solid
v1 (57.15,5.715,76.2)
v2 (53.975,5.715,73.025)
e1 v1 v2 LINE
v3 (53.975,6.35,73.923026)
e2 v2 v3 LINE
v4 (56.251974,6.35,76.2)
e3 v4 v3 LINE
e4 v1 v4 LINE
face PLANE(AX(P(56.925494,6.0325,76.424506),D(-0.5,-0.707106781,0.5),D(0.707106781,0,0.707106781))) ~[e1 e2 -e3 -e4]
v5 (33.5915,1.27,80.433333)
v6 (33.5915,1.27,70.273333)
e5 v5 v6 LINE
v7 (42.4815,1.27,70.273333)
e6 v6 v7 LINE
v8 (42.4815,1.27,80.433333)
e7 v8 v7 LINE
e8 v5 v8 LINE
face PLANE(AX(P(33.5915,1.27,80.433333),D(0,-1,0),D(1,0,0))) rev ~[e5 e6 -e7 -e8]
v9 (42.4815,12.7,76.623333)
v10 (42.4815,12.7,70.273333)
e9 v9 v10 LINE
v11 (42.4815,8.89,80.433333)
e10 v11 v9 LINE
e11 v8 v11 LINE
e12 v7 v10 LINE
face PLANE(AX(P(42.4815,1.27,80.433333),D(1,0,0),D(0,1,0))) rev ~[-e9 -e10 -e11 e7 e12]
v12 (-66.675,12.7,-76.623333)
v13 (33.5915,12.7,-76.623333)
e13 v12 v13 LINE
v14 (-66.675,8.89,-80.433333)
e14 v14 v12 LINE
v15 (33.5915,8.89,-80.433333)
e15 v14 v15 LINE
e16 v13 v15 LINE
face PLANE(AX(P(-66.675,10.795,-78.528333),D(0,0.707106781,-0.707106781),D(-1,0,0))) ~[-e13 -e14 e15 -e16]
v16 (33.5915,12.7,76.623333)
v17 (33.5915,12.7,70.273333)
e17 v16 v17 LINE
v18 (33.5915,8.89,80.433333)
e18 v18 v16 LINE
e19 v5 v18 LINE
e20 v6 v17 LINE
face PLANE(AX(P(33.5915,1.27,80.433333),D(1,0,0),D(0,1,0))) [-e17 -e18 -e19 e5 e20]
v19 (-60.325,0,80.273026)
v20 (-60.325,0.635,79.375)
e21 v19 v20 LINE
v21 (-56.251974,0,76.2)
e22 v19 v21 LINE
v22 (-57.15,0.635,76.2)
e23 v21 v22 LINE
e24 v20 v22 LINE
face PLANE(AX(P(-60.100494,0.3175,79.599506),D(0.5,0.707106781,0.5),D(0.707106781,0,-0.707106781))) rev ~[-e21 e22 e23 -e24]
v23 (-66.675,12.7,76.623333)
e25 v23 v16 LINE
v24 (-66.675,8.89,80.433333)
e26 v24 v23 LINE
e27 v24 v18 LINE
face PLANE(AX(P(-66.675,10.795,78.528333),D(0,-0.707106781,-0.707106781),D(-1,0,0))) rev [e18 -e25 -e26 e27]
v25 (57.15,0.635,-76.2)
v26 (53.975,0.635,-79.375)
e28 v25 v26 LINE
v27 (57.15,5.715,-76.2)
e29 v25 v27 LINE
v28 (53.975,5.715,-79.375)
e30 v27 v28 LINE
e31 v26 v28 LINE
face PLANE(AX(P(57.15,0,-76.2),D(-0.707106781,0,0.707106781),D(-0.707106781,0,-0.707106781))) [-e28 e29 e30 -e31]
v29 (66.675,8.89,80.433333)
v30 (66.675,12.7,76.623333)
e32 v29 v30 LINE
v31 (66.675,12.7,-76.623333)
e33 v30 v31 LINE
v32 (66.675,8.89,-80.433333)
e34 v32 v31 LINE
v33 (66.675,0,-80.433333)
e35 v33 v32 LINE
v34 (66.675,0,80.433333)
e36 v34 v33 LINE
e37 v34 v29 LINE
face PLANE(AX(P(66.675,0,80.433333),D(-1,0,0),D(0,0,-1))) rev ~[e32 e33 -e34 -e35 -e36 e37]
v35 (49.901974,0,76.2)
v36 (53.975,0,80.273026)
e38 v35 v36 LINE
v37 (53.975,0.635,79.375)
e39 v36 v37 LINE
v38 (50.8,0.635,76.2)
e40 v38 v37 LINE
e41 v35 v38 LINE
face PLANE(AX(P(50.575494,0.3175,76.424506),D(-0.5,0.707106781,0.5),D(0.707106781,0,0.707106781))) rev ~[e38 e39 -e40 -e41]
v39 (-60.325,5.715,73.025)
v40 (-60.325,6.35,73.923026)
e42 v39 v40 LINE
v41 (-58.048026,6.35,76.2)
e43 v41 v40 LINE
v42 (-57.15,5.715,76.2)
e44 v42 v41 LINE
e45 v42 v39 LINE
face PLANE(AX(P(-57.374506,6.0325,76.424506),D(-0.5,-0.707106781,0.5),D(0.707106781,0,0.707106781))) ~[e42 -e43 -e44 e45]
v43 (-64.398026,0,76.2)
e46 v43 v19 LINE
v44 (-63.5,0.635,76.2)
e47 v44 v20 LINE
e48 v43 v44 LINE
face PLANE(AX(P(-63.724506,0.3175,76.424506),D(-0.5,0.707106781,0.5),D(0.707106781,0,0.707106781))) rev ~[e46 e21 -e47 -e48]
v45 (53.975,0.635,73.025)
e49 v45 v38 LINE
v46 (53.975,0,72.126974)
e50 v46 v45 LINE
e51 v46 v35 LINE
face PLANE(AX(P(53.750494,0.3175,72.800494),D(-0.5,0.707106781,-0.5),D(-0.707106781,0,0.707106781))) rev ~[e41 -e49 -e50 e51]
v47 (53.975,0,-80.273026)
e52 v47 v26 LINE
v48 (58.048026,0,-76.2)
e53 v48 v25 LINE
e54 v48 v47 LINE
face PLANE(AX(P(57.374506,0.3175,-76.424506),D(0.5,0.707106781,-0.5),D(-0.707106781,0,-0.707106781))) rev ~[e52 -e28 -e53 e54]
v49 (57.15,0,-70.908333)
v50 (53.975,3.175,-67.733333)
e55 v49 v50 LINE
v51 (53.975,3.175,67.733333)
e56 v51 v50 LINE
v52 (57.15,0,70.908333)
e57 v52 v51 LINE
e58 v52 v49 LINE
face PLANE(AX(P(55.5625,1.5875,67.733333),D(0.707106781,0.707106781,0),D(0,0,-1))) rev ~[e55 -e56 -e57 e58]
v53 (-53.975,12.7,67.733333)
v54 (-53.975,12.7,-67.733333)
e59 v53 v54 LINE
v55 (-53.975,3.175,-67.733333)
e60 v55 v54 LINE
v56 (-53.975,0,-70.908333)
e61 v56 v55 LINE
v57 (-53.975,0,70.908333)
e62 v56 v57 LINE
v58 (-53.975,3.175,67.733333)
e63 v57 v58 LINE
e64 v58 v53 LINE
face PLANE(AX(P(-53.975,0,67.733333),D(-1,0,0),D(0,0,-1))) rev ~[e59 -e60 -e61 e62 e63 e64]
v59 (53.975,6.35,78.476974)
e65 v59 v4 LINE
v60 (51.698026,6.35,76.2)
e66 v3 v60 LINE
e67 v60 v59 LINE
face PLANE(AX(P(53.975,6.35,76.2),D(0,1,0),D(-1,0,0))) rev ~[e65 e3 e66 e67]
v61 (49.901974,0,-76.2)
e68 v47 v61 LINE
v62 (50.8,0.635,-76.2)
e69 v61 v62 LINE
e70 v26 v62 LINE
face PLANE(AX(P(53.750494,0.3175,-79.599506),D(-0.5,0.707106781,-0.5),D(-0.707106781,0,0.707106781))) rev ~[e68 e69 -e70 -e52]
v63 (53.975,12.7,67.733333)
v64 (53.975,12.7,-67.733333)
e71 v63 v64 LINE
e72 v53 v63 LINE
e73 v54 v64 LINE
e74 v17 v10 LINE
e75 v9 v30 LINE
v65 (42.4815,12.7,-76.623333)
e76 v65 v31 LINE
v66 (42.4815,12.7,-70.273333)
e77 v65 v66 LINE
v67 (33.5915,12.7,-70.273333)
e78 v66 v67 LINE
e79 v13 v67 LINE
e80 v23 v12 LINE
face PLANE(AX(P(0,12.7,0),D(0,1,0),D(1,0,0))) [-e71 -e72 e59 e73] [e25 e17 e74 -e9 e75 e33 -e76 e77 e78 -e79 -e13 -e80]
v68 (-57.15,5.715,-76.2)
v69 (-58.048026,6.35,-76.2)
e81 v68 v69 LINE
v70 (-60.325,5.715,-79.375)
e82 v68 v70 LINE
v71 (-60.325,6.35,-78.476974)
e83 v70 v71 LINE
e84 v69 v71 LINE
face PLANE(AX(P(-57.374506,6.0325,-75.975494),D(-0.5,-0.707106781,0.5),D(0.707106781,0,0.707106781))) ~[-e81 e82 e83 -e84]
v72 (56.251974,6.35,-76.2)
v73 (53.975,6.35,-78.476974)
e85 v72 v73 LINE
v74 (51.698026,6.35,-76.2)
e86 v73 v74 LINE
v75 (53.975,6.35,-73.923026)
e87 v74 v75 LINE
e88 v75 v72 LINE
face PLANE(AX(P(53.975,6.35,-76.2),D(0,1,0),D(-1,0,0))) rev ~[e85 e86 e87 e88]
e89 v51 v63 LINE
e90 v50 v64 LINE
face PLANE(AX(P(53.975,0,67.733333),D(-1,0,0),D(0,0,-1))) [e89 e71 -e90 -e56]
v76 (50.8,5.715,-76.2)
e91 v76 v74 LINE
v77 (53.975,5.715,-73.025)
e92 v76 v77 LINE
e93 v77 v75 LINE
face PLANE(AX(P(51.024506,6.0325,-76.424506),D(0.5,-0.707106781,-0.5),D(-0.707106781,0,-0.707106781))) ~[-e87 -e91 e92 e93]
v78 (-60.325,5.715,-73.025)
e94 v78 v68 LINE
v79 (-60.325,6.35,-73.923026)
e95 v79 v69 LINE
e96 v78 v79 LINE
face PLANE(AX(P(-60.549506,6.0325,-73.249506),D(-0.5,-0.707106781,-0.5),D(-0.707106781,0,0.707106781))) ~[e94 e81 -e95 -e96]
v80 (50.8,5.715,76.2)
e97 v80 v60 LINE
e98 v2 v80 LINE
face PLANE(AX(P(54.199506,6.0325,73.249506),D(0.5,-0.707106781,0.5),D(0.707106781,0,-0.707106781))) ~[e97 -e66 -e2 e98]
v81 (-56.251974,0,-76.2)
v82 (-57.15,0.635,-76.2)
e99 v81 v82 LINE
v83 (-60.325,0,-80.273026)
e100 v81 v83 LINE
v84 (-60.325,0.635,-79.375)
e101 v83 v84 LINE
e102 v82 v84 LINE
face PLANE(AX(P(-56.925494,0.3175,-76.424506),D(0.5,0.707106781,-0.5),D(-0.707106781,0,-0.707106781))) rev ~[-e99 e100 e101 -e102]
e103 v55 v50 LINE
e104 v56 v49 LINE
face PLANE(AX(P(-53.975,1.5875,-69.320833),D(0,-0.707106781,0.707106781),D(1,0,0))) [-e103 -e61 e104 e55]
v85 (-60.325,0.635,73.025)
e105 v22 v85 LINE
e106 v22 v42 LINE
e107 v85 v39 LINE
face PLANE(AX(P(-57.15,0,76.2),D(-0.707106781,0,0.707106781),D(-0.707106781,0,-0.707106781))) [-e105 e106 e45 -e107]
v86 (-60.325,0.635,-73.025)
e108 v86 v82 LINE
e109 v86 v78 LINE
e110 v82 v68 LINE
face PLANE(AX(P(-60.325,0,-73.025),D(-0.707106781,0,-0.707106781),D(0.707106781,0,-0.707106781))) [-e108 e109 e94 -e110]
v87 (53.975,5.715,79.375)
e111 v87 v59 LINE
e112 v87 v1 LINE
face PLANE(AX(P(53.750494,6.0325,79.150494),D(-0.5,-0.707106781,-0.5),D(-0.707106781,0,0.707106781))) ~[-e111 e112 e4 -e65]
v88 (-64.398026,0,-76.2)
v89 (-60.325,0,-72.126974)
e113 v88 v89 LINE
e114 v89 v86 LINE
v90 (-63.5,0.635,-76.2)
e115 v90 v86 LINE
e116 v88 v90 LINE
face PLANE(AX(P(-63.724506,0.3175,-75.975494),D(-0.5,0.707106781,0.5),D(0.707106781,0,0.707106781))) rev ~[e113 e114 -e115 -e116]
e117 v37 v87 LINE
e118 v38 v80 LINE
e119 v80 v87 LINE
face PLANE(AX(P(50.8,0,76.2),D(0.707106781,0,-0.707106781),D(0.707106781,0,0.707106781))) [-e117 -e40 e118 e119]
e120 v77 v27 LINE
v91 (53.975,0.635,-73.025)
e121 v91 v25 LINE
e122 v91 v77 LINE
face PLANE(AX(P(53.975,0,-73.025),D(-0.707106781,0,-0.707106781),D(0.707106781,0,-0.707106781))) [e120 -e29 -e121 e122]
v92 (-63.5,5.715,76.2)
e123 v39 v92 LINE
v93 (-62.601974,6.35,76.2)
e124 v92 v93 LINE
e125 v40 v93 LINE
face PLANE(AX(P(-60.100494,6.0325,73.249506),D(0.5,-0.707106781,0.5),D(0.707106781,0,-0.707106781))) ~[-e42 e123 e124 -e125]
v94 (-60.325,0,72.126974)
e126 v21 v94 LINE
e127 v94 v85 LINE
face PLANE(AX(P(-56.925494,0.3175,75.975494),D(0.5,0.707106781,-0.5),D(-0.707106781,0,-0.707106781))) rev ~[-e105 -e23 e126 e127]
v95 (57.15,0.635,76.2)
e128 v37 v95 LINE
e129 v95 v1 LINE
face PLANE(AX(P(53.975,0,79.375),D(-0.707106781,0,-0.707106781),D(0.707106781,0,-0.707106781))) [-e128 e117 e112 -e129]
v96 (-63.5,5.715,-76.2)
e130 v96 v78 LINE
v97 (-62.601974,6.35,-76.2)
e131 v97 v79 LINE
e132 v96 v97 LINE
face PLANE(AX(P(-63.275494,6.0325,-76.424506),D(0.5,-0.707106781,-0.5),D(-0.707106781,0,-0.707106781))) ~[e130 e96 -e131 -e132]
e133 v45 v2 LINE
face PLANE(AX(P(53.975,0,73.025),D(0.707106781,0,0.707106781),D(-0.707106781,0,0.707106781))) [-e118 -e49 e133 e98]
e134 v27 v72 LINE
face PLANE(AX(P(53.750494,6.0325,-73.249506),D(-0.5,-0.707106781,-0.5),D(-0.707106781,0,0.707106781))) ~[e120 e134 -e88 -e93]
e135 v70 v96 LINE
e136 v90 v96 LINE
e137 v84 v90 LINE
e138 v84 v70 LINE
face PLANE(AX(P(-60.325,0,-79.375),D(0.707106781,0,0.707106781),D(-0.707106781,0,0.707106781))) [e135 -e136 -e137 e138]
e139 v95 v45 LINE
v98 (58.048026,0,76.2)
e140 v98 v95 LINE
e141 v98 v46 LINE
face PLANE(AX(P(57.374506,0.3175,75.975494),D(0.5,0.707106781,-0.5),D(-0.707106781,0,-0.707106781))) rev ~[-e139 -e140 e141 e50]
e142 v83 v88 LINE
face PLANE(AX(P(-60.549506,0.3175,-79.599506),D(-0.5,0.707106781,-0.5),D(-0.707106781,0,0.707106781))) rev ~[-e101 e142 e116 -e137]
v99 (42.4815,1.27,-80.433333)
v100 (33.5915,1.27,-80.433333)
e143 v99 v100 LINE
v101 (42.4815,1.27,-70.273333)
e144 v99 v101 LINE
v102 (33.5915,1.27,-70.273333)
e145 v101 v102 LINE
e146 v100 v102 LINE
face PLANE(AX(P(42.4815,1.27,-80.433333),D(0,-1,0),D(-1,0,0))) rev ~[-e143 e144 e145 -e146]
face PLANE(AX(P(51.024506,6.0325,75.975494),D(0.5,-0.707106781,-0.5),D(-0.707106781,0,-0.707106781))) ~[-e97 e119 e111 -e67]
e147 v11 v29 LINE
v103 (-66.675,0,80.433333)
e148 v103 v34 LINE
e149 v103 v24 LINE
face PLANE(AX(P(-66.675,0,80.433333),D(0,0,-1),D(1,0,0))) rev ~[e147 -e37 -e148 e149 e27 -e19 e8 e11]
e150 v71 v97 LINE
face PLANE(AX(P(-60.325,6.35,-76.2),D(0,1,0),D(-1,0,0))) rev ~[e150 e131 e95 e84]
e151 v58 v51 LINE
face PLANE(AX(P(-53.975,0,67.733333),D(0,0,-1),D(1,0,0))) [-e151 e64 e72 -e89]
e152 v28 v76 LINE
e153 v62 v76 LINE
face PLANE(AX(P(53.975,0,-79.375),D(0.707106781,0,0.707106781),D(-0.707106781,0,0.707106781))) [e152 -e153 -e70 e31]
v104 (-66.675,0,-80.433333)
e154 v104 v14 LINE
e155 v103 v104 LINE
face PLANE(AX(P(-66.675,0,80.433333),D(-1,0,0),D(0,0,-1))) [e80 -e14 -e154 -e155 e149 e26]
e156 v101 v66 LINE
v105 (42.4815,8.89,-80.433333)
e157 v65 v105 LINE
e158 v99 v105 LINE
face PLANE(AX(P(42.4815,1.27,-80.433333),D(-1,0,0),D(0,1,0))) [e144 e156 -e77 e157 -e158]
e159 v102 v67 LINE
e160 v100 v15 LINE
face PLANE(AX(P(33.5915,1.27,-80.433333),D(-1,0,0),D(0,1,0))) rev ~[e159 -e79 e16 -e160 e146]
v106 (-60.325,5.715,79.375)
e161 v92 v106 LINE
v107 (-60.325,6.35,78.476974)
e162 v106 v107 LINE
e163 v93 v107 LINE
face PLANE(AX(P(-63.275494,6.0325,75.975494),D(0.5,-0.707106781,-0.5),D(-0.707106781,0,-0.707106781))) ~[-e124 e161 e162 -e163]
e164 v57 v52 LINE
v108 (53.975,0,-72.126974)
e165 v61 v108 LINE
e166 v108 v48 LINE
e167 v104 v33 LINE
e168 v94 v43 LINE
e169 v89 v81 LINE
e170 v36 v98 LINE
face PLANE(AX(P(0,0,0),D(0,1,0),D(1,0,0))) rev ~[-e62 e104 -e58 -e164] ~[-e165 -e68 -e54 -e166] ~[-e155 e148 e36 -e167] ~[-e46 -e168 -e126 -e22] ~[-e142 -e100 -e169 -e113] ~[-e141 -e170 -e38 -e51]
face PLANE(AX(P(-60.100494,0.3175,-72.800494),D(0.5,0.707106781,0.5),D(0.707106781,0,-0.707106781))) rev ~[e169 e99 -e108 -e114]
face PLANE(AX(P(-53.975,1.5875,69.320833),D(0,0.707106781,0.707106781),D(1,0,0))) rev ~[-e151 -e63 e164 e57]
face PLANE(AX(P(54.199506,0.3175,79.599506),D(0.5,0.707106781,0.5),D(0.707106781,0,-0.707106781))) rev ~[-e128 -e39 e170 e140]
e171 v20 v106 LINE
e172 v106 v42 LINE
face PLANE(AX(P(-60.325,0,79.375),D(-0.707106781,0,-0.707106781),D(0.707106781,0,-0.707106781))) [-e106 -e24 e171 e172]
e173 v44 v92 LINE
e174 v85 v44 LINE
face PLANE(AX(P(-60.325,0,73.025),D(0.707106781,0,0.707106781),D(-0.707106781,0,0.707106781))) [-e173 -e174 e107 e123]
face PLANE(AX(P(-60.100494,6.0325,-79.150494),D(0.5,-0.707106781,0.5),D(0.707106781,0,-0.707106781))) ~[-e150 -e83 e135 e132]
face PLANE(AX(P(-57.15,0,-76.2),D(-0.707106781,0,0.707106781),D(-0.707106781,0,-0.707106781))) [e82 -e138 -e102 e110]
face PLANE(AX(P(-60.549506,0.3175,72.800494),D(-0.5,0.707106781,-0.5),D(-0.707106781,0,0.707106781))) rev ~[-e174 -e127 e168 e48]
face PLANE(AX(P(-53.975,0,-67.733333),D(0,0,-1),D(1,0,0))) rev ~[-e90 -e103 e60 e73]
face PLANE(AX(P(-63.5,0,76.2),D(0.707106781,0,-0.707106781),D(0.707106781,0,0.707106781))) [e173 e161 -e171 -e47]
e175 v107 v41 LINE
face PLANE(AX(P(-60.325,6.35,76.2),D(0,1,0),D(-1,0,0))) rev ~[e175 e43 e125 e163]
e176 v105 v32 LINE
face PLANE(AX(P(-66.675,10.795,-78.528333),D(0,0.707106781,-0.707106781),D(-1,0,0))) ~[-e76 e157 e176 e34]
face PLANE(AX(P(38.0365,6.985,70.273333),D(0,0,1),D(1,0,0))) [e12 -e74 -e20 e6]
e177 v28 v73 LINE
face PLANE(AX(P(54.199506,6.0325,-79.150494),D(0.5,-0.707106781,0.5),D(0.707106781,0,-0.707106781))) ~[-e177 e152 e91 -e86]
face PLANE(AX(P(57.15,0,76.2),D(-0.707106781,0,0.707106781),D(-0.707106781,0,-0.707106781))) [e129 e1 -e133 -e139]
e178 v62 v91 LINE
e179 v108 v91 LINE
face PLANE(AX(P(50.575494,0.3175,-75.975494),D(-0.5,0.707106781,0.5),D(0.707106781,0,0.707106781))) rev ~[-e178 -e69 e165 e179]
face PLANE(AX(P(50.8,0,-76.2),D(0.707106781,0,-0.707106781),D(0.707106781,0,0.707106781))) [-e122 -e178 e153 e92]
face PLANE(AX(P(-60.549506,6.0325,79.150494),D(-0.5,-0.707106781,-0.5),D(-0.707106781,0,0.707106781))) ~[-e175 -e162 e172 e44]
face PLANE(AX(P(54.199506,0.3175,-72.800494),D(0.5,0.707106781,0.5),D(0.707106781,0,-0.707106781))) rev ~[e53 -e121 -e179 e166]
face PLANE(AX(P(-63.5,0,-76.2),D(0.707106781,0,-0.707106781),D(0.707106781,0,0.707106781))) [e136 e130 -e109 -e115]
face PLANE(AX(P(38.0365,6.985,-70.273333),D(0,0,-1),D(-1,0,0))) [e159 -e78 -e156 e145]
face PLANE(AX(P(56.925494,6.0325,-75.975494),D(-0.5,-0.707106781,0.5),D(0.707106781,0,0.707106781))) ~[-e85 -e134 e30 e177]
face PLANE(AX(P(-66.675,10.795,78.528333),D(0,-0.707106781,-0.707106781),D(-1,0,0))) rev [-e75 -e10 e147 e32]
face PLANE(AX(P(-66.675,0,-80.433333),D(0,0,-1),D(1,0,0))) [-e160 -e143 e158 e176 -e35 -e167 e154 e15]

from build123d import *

# Parameters (mm, degrees)
SKETCH2_W           = 133.35
SKETCH2_H           = 160.866666666
SKETCH2_W_2         = 107.95
SKETCH2_H_2         = 135.466666666
BOSS_EXTRUDE1_DEPTH = 12.7
CUT_EXTRUDE1_DEPTH  = 6.35
CHAMFER4_SIZE       = 3.81
CHAMFER1_SIZE       = 0.635
CHAMFER2_SIZE       = 3.175
SKETCH4_W           = 8.89
SKETCH4_H           = 11.43
CUT_EXTRUDE2_DEPTH  = 10.16
SKETCH5_W           = 8.89
SKETCH5_H           = 11.43
CUT_EXTRUDE3_DEPTH  = 10.16


with BuildPart() as part:
    # Sketch2 → Boss-Extrude1 (new body)
    with BuildSketch(Plane(origin=(0, 0, 0), x_dir=(1, 0, 0), z_dir=(0, 1, 0))):
        Rectangle(SKETCH2_W, SKETCH2_H)
        Rectangle(SKETCH2_W_2, SKETCH2_H_2, mode=Mode.SUBTRACT)
    extrude(amount=BOSS_EXTRUDE1_DEPTH)

    # Sketch3 → Cut-Extrude1 (cut)
    with BuildSketch(Plane.XZ):
        Polygon((-57.15, 76.2), (-60.325, 73.025), (-63.5, 76.2), (-60.325, 79.375), align=None)
        Polygon((57.15, 76.2), (53.975, 73.025), (50.8, 76.2), (53.975, 79.375), align=None)
        Polygon((57.15, -76.2), (53.975, -79.375), (50.8, -76.2), (53.975, -73.025), align=None)
        Polygon((-57.15, -76.2), (-60.325, -79.375), (-63.5, -76.2), (-60.325, -73.025), align=None)
    extrude(amount=-CUT_EXTRUDE1_DEPTH, mode=Mode.SUBTRACT)

    # Chamfer4
    chamfer4_edges = [part.edges().sort_by_distance(p)[0] for p in [
        (0, 12.7, -80.433333333),
        (0, 12.7, 80.433333333),
    ]]
    chamfer(chamfer4_edges, length=CHAMFER4_SIZE)

    # Chamfer1
    chamfer1_edges = [part.edges().sort_by_distance(p)[0] for p in [
        (-58.7375, 6.35, -74.6125),
        (-58.7375, 6.35, -77.7875),
        (-61.9125, 6.35, -77.7875),
        (-61.9125, 6.35, -74.6125),
        (-58.7375, 0, -74.6125),
        (-61.9125, 0, -74.6125),
        (-61.9125, 0, -77.7875),
        (-58.7375, 0, -77.7875),
        (55.5625, 6.35, -74.6125),
        (55.5625, 6.35, -77.7875),
        (52.3875, 6.35, -77.7875),
        (52.3875, 6.35, -74.6125),
        (55.5625, 0, -74.6125),
        (52.3875, 0, -74.6125),
        (52.3875, 0, -77.7875),
        (55.5625, 0, -77.7875),
        (55.5625, 6.35, 77.7875),
        (55.5625, 6.35, 74.6125),
        (52.3875, 6.35, 74.6125),
        (52.3875, 6.35, 77.7875),
        (55.5625, 0, 77.7875),
        (52.3875, 0, 77.7875),
        (52.3875, 0, 74.6125),
        (55.5625, 0, 74.6125),
        (-58.7375, 6.35, 77.7875),
        (-58.7375, 6.35, 74.6125),
        (-61.9125, 6.35, 74.6125),
        (-61.9125, 6.35, 77.7875),
        (-58.7375, 0, 77.7875),
        (-61.9125, 0, 77.7875),
        (-61.9125, 0, 74.6125),
        (-58.7375, 0, 74.6125),
    ]]
    chamfer(chamfer1_edges, length=CHAMFER1_SIZE)

    # Chamfer2
    chamfer2_edges = [part.edges().sort_by_distance(p)[0] for p in [
        (53.975, 0, 0),
        (0, 0, -67.733333333),
        (0, 0, 67.733333333),
    ]]
    chamfer(chamfer2_edges, length=CHAMFER2_SIZE)

    # Sketch4 → Cut-Extrude2 (cut)
    with BuildSketch(Plane.XY.offset(80.433333333)):
        with Locations((38.0365, 6.985)):
            Rectangle(SKETCH4_W, SKETCH4_H)
    extrude(amount=-CUT_EXTRUDE2_DEPTH, mode=Mode.SUBTRACT)

    # Sketch5 → Cut-Extrude3 (cut)
    with BuildSketch(Plane(origin=(0, 0, -80.433333333), x_dir=(-1, 0, 0), z_dir=(0, 0, -1))):
        with Locations((-38.0365, 6.985)):
            Rectangle(SKETCH5_W, SKETCH5_H)
    extrude(amount=-CUT_EXTRUDE3_DEPTH, mode=Mode.SUBTRACT)


solid = part.part
